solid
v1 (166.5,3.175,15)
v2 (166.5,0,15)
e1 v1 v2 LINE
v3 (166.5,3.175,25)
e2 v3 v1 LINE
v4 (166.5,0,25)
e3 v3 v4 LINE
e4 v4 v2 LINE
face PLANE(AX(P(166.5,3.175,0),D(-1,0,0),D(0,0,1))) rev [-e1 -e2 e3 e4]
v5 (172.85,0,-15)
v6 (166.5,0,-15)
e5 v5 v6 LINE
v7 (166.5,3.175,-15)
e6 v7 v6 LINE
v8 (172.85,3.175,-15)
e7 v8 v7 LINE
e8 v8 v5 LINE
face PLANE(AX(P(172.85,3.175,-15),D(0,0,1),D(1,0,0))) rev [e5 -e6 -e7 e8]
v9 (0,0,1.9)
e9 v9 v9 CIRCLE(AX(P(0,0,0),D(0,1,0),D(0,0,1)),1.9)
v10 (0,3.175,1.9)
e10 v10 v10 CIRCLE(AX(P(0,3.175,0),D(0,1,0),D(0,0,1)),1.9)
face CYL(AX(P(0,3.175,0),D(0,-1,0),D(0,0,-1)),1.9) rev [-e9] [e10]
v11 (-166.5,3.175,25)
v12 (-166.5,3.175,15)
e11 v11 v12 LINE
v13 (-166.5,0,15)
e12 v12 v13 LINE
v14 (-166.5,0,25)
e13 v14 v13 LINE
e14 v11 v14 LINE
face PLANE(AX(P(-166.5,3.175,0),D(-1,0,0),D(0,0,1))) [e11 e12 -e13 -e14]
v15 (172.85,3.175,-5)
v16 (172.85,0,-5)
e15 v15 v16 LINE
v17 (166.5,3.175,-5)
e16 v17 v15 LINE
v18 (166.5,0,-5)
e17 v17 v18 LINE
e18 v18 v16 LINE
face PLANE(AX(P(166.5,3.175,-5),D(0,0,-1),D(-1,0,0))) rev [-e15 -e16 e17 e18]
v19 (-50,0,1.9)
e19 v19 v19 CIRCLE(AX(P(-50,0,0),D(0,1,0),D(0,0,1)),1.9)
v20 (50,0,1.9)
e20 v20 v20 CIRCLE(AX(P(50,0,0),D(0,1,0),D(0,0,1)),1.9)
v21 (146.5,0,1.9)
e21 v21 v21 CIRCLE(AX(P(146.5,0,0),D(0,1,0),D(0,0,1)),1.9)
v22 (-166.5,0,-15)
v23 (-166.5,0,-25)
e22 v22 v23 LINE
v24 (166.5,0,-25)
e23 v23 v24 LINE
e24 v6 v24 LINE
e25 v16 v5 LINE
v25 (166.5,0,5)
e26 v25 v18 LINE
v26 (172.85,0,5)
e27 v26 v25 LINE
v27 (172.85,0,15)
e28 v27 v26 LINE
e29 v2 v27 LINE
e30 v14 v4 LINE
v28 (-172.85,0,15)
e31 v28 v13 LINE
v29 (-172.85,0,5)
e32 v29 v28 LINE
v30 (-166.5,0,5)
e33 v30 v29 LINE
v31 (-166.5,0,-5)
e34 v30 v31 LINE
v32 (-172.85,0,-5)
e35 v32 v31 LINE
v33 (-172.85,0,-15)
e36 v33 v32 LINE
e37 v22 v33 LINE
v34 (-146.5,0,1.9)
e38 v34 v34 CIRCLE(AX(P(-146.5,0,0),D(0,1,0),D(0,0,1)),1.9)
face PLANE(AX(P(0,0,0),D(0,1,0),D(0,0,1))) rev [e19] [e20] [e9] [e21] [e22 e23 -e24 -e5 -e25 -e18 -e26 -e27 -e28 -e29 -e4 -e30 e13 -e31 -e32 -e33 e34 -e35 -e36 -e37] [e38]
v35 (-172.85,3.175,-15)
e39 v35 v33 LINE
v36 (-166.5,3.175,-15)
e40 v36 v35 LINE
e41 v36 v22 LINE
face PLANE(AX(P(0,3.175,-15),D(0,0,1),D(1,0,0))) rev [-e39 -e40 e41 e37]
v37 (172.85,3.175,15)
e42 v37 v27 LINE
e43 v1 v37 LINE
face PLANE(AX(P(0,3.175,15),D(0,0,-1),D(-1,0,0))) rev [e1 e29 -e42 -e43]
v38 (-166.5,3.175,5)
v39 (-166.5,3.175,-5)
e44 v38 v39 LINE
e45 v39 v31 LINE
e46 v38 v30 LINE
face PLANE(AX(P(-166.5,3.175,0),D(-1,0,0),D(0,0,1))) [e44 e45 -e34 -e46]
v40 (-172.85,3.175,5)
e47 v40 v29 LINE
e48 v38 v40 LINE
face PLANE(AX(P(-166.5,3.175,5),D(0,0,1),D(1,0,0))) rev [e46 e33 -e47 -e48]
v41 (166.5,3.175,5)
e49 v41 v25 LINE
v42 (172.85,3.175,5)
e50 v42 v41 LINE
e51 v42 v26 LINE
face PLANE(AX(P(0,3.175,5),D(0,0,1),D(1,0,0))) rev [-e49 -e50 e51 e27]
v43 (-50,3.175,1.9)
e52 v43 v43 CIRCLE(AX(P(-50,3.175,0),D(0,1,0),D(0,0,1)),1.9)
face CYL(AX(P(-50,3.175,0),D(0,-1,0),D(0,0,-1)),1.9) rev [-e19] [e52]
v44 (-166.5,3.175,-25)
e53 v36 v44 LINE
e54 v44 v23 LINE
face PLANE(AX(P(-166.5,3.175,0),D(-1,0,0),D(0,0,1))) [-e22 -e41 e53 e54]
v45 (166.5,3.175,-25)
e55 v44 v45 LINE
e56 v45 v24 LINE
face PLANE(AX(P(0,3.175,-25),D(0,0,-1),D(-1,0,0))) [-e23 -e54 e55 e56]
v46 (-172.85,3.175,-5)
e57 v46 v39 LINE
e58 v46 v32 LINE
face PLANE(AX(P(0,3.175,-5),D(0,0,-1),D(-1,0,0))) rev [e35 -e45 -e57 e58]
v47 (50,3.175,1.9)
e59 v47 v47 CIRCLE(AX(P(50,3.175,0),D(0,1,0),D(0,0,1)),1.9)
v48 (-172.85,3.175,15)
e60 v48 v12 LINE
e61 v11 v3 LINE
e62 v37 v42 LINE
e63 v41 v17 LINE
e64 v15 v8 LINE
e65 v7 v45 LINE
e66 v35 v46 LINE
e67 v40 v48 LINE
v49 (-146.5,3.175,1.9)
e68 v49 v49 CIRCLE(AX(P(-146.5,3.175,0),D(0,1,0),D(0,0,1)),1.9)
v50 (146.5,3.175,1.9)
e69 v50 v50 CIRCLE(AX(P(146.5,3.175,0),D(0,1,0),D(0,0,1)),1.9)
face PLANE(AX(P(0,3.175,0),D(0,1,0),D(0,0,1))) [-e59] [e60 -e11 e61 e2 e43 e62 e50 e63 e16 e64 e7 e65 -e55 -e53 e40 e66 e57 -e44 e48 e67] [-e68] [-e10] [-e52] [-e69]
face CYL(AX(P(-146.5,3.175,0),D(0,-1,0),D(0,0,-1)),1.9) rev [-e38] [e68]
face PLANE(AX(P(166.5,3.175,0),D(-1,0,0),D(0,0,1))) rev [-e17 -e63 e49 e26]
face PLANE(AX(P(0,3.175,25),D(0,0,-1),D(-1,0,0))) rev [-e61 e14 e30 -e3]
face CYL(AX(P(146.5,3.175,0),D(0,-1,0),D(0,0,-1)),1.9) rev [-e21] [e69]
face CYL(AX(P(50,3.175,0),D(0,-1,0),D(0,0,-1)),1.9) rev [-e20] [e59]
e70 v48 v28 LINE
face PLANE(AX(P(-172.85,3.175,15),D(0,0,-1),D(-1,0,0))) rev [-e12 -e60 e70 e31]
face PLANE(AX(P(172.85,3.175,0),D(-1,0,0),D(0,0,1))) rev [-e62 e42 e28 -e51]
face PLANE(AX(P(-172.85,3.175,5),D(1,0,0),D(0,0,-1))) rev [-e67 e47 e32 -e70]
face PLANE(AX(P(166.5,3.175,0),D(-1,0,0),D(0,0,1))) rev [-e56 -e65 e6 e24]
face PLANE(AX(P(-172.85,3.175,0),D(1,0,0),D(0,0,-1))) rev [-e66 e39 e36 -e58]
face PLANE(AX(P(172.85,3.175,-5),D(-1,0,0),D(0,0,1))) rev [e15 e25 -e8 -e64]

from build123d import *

# Parameters (mm, degrees)
SKETCH1_W           = 333
SKETCH1_H           = 50
SKETCH1_R           = 1.9
SKETCH1_W_2         = 6.35
SKETCH1_H_2         = 10
BOSS_EXTRUDE1_DEPTH = 3.175


with BuildPart() as part:
    # Sketch1 → Boss-Extrude1 (new body)
    with BuildSketch(Plane(origin=(0, 0, 0), x_dir=(1, 0, 0), z_dir=(0, 1, 0))):
        Rectangle(SKETCH1_W, SKETCH1_H)
        Circle(SKETCH1_R, mode=Mode.SUBTRACT)
        with Locations((50, 0)):
            Circle(SKETCH1_R, mode=Mode.SUBTRACT)
        with Locations((-50, 0)):
            Circle(SKETCH1_R, mode=Mode.SUBTRACT)
        with Locations((146.5, 0)):
            Circle(SKETCH1_R, mode=Mode.SUBTRACT)
        with Locations((-146.5, 0)):
            Circle(SKETCH1_R, mode=Mode.SUBTRACT)
        with Locations((-169.675, 10)):
            Rectangle(SKETCH1_W_2, SKETCH1_H_2)
        with Locations((169.675, 10)):
            Rectangle(SKETCH1_W_2, SKETCH1_H_2)
        with Locations((169.675, -10)):
            Rectangle(SKETCH1_W_2, SKETCH1_H_2)
        with Locations((-169.675, -10)):
            Rectangle(SKETCH1_W_2, SKETCH1_H_2)
    extrude(amount=BOSS_EXTRUDE1_DEPTH)


solid = part.part
